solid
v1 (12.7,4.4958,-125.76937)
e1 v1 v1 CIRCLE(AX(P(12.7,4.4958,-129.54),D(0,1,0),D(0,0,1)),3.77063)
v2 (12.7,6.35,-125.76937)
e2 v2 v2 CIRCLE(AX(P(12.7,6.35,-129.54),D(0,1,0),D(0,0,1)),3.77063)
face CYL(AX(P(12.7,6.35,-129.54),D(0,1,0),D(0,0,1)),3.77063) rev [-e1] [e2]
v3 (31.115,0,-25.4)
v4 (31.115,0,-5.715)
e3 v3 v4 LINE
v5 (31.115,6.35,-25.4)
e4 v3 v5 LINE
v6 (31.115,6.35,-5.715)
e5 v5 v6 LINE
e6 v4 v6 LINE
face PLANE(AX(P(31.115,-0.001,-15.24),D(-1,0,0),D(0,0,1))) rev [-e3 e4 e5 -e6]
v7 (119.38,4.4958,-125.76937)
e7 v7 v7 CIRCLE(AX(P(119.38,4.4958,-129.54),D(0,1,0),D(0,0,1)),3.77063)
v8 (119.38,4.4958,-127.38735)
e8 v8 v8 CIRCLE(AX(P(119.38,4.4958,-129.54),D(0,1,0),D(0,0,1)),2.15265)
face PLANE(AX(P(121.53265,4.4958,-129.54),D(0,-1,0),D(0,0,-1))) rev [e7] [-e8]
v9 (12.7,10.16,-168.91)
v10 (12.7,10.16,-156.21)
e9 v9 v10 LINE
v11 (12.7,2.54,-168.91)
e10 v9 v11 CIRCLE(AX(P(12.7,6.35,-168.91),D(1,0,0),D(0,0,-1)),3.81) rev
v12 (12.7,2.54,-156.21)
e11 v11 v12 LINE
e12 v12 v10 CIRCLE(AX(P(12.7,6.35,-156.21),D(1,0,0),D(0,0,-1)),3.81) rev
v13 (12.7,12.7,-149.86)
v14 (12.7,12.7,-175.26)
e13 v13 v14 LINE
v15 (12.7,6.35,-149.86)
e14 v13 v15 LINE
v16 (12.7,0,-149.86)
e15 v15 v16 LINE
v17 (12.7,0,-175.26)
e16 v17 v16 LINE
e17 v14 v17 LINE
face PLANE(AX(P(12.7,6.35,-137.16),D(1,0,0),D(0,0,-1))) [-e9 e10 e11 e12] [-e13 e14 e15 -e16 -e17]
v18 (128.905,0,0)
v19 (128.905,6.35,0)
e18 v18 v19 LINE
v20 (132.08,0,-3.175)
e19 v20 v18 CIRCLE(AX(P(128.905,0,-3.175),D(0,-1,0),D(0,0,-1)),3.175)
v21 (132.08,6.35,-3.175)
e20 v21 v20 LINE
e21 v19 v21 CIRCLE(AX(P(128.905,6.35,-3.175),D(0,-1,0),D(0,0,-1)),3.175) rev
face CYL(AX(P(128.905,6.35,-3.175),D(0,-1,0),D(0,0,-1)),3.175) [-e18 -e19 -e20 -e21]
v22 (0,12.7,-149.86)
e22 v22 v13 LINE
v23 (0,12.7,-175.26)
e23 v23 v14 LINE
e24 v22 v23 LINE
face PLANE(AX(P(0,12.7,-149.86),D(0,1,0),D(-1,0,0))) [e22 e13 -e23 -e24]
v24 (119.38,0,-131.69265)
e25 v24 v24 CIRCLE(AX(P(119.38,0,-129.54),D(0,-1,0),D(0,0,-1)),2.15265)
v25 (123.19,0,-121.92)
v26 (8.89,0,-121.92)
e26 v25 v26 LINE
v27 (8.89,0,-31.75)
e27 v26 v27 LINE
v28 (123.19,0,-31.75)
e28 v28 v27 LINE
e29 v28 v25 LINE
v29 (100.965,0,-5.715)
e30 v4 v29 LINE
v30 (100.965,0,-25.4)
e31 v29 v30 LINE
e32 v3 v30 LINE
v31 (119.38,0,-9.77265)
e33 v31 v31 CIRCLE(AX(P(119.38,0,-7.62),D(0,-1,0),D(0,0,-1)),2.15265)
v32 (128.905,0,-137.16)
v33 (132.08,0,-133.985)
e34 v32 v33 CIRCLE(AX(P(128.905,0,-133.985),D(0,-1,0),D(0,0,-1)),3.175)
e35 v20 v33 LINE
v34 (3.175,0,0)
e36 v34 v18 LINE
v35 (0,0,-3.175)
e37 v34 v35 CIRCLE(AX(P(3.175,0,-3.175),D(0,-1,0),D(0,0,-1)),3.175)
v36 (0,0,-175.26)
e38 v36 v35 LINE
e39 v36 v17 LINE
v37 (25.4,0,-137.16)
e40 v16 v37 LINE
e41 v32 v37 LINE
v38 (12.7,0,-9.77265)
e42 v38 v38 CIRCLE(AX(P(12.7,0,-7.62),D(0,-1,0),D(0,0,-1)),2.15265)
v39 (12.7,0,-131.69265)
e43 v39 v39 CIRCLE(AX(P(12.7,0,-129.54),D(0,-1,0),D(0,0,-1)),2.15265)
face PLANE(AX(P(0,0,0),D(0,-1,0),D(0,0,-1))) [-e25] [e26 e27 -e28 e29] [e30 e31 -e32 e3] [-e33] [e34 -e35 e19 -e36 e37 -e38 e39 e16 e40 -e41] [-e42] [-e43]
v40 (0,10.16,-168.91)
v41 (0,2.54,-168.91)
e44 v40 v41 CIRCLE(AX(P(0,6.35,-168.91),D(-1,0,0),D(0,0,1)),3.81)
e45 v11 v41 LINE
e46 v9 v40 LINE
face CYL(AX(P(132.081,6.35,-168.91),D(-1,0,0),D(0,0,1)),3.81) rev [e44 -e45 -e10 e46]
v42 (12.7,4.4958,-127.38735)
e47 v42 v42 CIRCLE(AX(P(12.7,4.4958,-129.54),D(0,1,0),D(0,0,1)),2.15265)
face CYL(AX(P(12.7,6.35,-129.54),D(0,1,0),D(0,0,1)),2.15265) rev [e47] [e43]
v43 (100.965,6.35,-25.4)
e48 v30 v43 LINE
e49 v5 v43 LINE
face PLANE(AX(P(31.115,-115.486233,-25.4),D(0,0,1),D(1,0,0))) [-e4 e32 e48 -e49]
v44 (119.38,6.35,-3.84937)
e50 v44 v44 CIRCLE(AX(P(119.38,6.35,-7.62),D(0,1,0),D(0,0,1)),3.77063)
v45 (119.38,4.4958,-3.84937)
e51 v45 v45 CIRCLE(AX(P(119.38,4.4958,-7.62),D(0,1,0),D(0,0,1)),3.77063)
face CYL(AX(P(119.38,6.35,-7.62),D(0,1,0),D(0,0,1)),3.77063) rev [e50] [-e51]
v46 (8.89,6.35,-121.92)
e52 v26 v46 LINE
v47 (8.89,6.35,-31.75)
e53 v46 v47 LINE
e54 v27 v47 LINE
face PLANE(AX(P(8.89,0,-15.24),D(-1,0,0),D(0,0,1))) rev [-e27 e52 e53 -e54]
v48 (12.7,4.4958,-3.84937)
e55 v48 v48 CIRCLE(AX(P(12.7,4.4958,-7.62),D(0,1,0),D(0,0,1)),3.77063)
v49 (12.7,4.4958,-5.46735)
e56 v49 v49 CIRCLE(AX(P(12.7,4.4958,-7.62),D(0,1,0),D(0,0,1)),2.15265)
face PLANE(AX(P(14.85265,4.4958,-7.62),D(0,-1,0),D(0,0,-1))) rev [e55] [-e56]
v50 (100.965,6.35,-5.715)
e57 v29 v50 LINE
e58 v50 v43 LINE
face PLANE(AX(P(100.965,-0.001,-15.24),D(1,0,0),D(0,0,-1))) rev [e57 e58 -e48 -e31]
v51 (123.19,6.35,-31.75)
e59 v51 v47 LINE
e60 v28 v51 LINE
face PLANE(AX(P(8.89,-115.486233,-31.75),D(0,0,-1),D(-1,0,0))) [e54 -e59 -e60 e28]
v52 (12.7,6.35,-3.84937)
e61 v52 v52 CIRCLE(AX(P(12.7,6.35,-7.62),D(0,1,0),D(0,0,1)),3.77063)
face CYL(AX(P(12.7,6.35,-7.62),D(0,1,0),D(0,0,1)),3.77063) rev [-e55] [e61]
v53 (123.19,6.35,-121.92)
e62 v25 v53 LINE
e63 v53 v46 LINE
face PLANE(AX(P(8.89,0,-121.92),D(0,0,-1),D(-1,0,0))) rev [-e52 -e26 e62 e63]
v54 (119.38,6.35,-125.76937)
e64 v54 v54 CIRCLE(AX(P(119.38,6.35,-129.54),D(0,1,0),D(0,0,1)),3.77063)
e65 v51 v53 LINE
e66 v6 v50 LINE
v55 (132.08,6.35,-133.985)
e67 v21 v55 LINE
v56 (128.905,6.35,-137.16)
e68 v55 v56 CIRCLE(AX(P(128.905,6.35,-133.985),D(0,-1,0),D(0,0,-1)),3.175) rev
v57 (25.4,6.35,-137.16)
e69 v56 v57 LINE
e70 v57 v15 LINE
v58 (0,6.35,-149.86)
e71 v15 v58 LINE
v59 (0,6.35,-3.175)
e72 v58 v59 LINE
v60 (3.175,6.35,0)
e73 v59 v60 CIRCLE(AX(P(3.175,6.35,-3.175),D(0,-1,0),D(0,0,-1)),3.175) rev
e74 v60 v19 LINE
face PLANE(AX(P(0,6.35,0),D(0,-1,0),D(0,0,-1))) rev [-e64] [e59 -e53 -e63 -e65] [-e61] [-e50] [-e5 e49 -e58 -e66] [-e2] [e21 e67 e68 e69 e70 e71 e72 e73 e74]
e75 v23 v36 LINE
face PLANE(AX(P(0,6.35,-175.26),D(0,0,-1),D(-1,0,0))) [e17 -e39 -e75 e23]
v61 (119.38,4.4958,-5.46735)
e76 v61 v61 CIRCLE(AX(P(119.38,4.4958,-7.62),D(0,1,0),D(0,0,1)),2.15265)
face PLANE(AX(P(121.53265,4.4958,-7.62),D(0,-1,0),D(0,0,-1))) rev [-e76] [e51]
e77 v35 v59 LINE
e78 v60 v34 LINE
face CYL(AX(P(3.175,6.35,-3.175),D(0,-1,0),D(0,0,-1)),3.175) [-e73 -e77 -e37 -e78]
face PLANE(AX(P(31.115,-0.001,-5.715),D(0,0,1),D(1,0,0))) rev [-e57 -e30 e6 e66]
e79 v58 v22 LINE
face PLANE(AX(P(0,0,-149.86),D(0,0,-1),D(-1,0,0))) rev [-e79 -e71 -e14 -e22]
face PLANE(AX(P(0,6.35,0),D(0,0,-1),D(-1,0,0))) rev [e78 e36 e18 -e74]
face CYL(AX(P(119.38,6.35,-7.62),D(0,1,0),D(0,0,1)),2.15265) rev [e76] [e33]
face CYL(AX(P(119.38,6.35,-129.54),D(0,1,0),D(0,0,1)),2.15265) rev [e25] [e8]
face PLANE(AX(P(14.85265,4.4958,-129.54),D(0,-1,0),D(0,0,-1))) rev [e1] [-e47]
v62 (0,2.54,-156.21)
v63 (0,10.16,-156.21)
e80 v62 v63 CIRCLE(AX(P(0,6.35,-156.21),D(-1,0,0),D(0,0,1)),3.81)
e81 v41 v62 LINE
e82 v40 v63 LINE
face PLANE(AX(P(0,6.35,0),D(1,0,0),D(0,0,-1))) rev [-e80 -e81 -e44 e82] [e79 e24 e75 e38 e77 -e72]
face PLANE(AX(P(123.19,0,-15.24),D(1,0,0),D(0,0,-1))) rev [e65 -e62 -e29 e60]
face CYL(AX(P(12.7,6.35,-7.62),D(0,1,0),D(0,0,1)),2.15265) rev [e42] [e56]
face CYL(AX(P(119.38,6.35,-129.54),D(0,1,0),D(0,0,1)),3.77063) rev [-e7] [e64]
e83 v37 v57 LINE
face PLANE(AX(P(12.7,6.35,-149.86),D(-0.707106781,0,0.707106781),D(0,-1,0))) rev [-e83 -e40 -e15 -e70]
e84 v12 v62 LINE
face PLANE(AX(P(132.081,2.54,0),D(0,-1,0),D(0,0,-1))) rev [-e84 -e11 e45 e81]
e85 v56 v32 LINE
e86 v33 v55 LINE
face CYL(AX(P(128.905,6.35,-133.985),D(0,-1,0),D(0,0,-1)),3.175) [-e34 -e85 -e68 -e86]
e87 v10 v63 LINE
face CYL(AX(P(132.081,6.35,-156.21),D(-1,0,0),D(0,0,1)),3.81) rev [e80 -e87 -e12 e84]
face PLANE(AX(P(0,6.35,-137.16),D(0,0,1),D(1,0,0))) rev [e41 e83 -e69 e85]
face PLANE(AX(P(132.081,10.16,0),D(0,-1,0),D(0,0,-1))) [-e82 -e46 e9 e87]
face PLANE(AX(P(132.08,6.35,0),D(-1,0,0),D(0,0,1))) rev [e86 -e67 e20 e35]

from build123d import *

# Parameters (mm, degrees)
SKETCH1_W                                      = 132.08
SKETCH1_H                                      = 137.16
BOSS_EXTRUDE1_DEPTH                            = 6.35
CBORE_FOR_6_BUTTON_HEAD_CAP_SCREW1_D           = 4.3053
CBORE_FOR_6_BUTTON_HEAD_CAP_SCREW1_CBORE_D     = 7.54126
CBORE_FOR_6_BUTTON_HEAD_CAP_SCREW1_CBORE_DEPTH = 1.8542
SKETCH5_W                                      = 114.3
SKETCH5_H                                      = 106.68
CUT_EXTRUDE1_DEPTH                             = 191.521165491
SKETCH6_W                                      = 12.7
SKETCH6_H                                      = 38.1
BOSS_EXTRUDE2_DEPTH                            = 6.35
SKETCH7_W                                      = 12.7
SKETCH7_H                                      = 6.35
BOSS_EXTRUDE3_DEPTH                            = 25.4
CUT_EXTRUDE2_REACH                             = 221.824
CHAMFER1_SIZE                                  = 12.7
CUT_EXTRUDE3_REACH                             = 221.548
SKETCH9_W                                      = 69.85
SKETCH9_H                                      = 9.525
FILLET1_R                                      = 3.175
BOSS_EXTRUDE4_DEPTH                            = 6.35


with BuildPart() as part:
    # Sketch1 → Boss-Extrude1 (new body)
    with BuildSketch(Plane(origin=(0, 0, 0), x_dir=(1, 0, 0), z_dir=(0, 1, 0))):
        with Locations((66.04, 68.58)):
            Rectangle(SKETCH1_W, SKETCH1_H)
    extrude(amount=BOSS_EXTRUDE1_DEPTH)

    # CBORE for #6 Button Head Cap Screw1 (through all)
    with Locations(Plane(origin=(0, 6.35, 0), x_dir=(1, 0, 0), z_dir=(0, 1, 0))):
        with Locations((12.7, 129.54), (119.38, 129.54), (119.38, 7.62), (12.7, 7.62)):
            CounterBoreHole(CBORE_FOR_6_BUTTON_HEAD_CAP_SCREW1_D / 2, CBORE_FOR_6_BUTTON_HEAD_CAP_SCREW1_CBORE_D / 2, CBORE_FOR_6_BUTTON_HEAD_CAP_SCREW1_CBORE_DEPTH)

    # Sketch5 → Cut-Extrude1 (cut, through all)
    with BuildSketch(Plane(origin=(0, 6.35, 0), x_dir=(1, 0, 0), z_dir=(0, 1, 0))):
        with Locations((66.04, 68.58)):
            Rectangle(SKETCH5_W, SKETCH5_H)
    extrude(amount=-CUT_EXTRUDE1_DEPTH, mode=Mode.SUBTRACT)

    # Sketch6 → Boss-Extrude2 (add)
    with BuildSketch(Plane(origin=(0, 0, 0), x_dir=(-1, 0, 0), z_dir=(0, -1, 0))):
        with Locations((-6.35, 156.21)):
            Rectangle(SKETCH6_W, SKETCH6_H)
    extrude(amount=-BOSS_EXTRUDE2_DEPTH)

    # Sketch7 → Boss-Extrude3 (add)
    with BuildSketch(Plane(origin=(0, 0, -175.26), x_dir=(-1, 0, 0), z_dir=(0, 0, -1))):
        with Locations((-6.35, 9.525)):
            Rectangle(SKETCH7_W, SKETCH7_H)
    extrude(amount=-BOSS_EXTRUDE3_DEPTH)

    # Sketch8 → Cut-Extrude2 (cut, up to next)
    with BuildSketch(Plane.ZY, mode=Mode.PRIVATE) as cut_extrude2_sk1:
        with BuildLine():
            Line((-152.4, 6.35), (-172.72, 6.35))
            ThreePointArc((-172.72, 6.35), (-171.604076836, 3.655923164), (-168.91, 2.54))
            Line((-168.91, 2.54), (-156.21, 2.54))
            ThreePointArc((-156.21, 2.54), (-153.515923164, 3.655923164), (-152.4, 6.35))
        make_face()
    cut_extrude2_tool1 = extrude(cut_extrude2_sk1.sketch, amount=-CUT_EXTRUDE2_REACH, mode=Mode.PRIVATE) & part.part
    # Sketch8 → Cut-Extrude2 (cut, up to next)
    with BuildSketch(Plane.ZY, mode=Mode.PRIVATE) as cut_extrude2_sk2:
        with BuildLine():
            ThreePointArc((-168.91, 10.16), (-171.604076836, 9.044076836), (-172.72, 6.35))
            Line((-172.72, 6.35), (-152.4, 6.35))
            ThreePointArc((-152.4, 6.35), (-153.515923164, 9.044076836), (-156.21, 10.16))
            Line((-156.21, 10.16), (-168.91, 10.16))
        make_face()
    cut_extrude2_tool2 = extrude(cut_extrude2_sk2.sketch, amount=-CUT_EXTRUDE2_REACH, mode=Mode.PRIVATE) & part.part
    add(cut_extrude2_tool1.solids().sort_by_distance((0, 4.537242, -162.56))[0], mode=Mode.SUBTRACT)
    add(cut_extrude2_tool2.solids().sort_by_distance((0, 8.162758, -162.56))[0], mode=Mode.SUBTRACT)

    # Chamfer1
    chamfer1_edges = [part.edges().sort_by_distance(p)[0] for p in [
        (12.7, 3.175, -137.16),
    ]]
    chamfer(chamfer1_edges, length=CHAMFER1_SIZE)

    # Sketch9 → Cut-Extrude3 (cut, up to next)
    with BuildSketch(Plane(origin=(0, 6.35, 0), x_dir=(1, 0, 0), z_dir=(0, 1, 0)), mode=Mode.PRIVATE) as cut_extrude3_sk1:
        with Locations((66.04, 10.4775)):
            Rectangle(SKETCH9_W, SKETCH9_H)
    cut_extrude3_tool1 = extrude(cut_extrude3_sk1.sketch, amount=-CUT_EXTRUDE3_REACH, mode=Mode.PRIVATE) & part.part
    add(cut_extrude3_tool1.solids().sort_by_distance((66.04, 6.35, -10.4775))[0], mode=Mode.SUBTRACT)

    # Fillet1
    fillet1_edges = [part.edges().sort_by_distance(p)[0] for p in [
        (132.08, 3.175, -137.16),
        (132.08, 3.175, 0),
        (0, 3.175, 0),
    ]]
    fillet(fillet1_edges, radius=FILLET1_R)

    # Sketch11 → Boss-Extrude4 (add)
    with BuildSketch(Plane(origin=(0, 6.35, 0), x_dir=(1, 0, 0), z_dir=(0, 1, 0))):
        Polygon((8.89, 15.24), (31.115, 15.24), (31.115, 25.4), (100.965, 25.4), (100.965, 15.24), (123.19, 15.24), (123.19, 31.75), (8.89, 31.75), align=None)
    extrude(amount=-BOSS_EXTRUDE4_DEPTH)


solid = part.part
